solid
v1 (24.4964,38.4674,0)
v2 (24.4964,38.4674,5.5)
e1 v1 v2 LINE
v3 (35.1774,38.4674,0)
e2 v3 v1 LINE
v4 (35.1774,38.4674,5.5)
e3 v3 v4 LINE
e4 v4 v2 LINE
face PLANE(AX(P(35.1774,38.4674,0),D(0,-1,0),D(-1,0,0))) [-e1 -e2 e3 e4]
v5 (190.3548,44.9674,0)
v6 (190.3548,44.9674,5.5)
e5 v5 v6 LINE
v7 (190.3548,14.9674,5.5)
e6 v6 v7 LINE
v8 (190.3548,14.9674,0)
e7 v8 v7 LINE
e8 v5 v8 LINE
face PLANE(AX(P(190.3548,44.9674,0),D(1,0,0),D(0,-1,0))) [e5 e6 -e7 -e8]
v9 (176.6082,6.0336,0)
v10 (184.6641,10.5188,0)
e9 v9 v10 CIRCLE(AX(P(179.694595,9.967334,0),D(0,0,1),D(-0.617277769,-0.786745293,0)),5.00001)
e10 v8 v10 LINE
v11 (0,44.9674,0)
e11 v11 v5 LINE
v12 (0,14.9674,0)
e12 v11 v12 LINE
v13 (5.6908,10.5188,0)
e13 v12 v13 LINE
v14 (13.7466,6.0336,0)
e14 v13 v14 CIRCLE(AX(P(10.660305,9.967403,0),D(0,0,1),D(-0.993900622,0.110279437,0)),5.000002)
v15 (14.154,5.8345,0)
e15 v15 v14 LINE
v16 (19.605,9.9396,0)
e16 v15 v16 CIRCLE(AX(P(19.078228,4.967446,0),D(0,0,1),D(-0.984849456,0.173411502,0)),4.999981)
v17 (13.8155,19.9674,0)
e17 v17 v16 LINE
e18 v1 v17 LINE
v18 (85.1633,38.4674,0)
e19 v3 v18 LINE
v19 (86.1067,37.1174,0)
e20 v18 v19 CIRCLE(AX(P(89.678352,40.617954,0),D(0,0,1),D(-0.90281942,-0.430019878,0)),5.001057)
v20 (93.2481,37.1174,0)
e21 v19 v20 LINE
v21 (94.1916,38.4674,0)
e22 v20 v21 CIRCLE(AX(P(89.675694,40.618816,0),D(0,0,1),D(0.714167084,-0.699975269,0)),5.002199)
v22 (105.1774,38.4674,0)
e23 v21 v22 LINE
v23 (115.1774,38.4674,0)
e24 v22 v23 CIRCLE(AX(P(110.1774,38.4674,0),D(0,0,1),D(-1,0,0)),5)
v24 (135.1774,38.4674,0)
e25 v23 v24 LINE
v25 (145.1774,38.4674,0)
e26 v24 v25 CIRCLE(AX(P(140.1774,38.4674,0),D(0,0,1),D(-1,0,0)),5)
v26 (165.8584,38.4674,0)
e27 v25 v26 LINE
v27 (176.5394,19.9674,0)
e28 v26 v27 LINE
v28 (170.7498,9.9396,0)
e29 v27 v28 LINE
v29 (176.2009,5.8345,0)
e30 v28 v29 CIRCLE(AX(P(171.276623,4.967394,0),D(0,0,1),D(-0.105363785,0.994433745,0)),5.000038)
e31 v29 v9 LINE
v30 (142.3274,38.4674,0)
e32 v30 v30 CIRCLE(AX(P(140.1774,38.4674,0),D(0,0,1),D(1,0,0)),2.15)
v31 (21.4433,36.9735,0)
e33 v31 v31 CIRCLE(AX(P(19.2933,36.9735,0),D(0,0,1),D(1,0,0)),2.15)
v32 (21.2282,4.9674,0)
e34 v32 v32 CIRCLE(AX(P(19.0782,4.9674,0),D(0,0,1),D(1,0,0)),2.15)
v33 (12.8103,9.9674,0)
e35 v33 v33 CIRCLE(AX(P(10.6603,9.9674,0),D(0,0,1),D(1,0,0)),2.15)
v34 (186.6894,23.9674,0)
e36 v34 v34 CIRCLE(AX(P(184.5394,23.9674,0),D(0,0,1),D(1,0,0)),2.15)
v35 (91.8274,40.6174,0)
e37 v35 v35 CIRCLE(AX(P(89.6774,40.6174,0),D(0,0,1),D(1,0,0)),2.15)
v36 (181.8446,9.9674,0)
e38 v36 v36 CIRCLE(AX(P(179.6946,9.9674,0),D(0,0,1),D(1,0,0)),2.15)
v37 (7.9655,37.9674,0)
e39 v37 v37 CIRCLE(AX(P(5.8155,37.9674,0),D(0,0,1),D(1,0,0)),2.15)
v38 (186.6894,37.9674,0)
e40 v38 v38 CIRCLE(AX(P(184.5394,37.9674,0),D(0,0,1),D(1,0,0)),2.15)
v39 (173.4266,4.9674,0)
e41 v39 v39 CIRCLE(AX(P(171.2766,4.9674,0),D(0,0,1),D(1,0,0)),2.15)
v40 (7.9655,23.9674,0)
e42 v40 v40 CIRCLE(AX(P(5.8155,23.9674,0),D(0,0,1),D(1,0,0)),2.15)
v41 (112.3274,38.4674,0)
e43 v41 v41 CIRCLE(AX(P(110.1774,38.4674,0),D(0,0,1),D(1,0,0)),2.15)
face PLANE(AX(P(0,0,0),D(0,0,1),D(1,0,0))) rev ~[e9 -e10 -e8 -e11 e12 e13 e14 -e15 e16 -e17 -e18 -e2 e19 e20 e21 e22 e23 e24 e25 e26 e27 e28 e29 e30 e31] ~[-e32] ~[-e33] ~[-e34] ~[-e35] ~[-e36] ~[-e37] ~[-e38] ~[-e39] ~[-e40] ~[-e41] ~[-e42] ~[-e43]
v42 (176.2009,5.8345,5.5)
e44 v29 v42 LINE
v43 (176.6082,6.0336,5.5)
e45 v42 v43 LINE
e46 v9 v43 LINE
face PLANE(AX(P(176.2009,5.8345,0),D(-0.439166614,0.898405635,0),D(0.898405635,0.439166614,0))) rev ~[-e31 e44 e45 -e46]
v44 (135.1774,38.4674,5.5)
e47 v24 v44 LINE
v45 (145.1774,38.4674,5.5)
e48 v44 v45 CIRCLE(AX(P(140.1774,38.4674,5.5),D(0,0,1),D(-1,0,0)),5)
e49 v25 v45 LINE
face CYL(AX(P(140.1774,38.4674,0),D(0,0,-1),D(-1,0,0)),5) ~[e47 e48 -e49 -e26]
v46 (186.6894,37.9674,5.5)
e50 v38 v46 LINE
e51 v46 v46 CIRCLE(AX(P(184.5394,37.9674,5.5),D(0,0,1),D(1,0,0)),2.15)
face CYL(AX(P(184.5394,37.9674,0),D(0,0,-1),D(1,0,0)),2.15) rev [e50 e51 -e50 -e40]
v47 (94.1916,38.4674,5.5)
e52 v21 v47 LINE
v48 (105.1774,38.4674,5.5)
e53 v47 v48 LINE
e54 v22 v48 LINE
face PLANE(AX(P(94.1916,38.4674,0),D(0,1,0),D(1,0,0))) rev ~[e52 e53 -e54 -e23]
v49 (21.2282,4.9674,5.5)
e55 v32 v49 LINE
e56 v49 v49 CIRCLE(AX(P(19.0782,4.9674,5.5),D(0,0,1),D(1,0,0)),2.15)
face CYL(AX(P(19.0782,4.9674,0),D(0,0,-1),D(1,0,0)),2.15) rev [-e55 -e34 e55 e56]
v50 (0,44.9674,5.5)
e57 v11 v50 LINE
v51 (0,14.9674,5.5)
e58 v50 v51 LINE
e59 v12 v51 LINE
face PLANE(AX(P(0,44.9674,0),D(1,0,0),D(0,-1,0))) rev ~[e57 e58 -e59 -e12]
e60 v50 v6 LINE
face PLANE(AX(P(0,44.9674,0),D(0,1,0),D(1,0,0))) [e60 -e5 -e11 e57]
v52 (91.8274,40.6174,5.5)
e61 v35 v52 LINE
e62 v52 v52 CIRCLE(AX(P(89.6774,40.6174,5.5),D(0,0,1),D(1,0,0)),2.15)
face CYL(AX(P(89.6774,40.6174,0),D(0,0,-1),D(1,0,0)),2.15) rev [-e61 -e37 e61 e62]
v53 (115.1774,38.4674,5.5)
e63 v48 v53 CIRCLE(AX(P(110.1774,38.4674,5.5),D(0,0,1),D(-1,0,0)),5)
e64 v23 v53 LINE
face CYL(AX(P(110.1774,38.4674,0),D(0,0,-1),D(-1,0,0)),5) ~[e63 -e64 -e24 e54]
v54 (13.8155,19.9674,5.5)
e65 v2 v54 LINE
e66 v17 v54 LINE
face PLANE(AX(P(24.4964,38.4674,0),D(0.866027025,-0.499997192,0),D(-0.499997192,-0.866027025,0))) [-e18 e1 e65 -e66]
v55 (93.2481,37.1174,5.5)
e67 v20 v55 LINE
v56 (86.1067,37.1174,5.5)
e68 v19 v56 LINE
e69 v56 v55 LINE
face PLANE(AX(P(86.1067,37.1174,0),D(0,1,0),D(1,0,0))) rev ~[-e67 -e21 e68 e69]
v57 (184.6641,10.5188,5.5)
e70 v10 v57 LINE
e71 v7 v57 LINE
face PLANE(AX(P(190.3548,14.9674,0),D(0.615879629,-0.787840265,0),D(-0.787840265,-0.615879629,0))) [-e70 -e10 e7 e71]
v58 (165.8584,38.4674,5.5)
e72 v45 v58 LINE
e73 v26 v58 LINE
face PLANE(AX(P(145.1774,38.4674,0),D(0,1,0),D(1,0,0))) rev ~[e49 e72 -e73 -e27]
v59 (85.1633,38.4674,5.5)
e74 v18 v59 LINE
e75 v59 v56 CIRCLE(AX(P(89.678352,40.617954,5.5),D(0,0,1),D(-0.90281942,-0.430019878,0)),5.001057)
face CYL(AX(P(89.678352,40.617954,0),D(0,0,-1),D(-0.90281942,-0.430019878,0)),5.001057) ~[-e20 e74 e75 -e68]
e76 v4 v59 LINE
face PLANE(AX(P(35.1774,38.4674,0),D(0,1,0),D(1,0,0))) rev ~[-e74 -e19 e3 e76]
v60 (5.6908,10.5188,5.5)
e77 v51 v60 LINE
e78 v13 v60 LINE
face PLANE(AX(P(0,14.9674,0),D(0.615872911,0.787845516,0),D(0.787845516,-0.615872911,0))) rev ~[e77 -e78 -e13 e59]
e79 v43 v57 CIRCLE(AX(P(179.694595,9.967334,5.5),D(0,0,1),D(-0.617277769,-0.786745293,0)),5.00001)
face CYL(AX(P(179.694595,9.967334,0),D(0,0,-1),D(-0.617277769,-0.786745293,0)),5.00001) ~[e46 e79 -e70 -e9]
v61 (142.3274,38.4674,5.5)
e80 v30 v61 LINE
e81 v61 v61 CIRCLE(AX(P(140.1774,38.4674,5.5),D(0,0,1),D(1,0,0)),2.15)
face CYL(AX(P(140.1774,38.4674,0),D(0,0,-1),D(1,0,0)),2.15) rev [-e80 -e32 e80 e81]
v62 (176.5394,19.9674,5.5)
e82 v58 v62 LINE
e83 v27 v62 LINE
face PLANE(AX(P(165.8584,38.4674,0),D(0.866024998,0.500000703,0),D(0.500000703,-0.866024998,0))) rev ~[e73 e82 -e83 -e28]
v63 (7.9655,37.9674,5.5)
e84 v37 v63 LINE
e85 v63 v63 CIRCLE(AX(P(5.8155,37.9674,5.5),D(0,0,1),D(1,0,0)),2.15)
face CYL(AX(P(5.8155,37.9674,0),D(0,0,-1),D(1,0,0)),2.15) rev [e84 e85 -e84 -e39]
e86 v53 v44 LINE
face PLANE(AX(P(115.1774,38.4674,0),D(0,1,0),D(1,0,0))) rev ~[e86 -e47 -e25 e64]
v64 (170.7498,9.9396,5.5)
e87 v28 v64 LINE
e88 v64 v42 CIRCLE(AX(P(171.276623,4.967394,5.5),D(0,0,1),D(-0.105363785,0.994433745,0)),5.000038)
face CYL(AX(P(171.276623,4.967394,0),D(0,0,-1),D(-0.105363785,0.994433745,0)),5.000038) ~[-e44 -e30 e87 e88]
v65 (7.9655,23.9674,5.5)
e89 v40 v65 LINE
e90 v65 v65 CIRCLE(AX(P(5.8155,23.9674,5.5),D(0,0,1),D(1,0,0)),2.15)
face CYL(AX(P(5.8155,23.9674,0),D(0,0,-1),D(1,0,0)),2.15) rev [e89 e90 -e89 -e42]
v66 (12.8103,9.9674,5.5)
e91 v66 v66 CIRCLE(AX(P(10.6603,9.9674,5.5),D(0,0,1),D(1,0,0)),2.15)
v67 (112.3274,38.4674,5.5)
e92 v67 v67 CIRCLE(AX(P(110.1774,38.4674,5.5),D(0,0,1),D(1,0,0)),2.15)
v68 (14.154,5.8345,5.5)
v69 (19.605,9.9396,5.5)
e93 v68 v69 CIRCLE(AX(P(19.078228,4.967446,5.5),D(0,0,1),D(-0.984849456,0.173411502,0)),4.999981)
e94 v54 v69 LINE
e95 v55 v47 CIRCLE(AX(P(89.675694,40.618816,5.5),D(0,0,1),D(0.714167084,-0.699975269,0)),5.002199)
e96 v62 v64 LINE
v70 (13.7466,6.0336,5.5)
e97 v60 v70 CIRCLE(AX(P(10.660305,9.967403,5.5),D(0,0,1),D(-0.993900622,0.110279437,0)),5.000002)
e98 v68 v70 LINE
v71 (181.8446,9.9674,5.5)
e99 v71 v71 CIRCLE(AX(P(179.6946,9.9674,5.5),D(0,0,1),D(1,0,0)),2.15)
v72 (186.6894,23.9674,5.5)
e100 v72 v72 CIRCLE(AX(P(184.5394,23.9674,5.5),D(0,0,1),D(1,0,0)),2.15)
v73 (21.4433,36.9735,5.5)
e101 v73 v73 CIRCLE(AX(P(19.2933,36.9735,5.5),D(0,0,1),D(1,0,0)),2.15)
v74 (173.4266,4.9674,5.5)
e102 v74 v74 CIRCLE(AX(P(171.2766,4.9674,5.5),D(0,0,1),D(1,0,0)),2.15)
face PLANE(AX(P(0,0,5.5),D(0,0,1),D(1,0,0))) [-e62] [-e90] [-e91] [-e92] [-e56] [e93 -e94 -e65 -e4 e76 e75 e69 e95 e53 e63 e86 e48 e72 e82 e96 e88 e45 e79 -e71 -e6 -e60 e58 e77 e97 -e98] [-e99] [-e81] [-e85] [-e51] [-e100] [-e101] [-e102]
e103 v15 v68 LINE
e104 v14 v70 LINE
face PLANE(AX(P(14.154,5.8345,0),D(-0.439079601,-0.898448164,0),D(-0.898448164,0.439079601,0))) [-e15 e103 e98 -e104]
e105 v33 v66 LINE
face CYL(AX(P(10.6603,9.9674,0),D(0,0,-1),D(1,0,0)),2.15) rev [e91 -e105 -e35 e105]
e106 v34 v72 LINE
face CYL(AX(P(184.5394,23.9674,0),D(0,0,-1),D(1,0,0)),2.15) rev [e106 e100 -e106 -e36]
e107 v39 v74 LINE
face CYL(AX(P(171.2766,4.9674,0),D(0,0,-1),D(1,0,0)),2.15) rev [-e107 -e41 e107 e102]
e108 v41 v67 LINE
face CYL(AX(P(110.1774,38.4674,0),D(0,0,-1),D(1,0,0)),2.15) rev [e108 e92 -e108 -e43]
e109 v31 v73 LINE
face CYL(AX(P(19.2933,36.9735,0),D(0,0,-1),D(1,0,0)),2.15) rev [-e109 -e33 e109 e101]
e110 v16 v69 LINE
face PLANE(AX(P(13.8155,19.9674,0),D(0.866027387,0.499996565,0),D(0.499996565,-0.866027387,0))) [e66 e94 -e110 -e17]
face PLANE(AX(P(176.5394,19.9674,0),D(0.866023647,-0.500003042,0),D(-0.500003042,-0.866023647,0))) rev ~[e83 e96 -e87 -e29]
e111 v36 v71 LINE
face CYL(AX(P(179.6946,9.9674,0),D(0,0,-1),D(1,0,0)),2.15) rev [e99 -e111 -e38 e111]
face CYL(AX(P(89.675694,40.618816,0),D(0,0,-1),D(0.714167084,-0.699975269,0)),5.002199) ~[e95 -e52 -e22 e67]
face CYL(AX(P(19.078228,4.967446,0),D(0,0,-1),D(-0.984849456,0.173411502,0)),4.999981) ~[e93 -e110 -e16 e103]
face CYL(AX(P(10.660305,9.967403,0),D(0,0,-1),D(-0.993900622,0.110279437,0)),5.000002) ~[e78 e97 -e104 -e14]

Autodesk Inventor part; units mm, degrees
ref_plane "YZ Plane" through (0, 0, 0) normal (1, 0, 0) x (0, 1, 0)
ref_plane "XZ Plane" through (0, 0, 0) normal (0, 1, 0) x (-1, 0, 0)
ref_plane "XY Plane" through (0, 0, 0) normal (0, 0, 1) x (1, 0, 0)
sketch "スケッチ1" plane through (0, 0, 0) normal (0, 0, 1) x (1, 0, 0)
  line L0 (176.2009, 5.8345) -> (176.6082, 6.0336)
  arc A0 (176.6082, 6.0336) -> (184.6641, 10.5188) centre (179.6946, 9.9674) ccw
  line L1 (190.3548, 14.9674) -> (184.6641, 10.5188)
  line L2 (35.1774, 38.4674) -> (24.4964, 38.4674)
  line L3 (24.4964, 38.4674) -> (13.8155, 19.9674)
  line L4 (13.8155, 19.9674) -> (19.605, 9.9396)
  line L5 (165.8584, 38.4674) -> (176.5394, 19.9674)
  line L6 (176.5394, 19.9674) -> (170.7498, 9.9396)
  circle A1 centre (179.6946, 9.9674) radius 2.15
  line L7 (190.3548, 44.9674) -> (190.3548, 14.9674)
  line L8 (14.154, 5.8345) -> (13.7466, 6.0336)
  arc A2 (5.6908, 10.5188) -> (13.7466, 6.0336) centre (10.6603, 9.9674) ccw
  line L9 (0, 14.9674) -> (5.6908, 10.5188)
  circle A3 centre (10.6603, 9.9674) radius 2.15
  line L10 (0, 44.9674) -> (0, 14.9674)
  line L11 (35.1774, 38.4674) -> (85.1633, 38.4674)
  line L12 (94.1916, 38.4674) -> (105.1774, 38.4674)
  line L13 (115.1774, 38.4674) -> (135.1774, 38.4674)
  line L14 (145.1774, 38.4674) -> (165.8584, 38.4674)
  line L15 (0, 44.9674) -> (190.3548, 44.9674)
  circle A4 centre (89.6774, 40.6174) radius 2.15
  arc A5 (93.2481, 37.1174) -> (94.1916, 38.4674) centre (89.6774, 40.6174) ccw
  arc A6 (85.1633, 38.4674) -> (86.1067, 37.1174) centre (89.6774, 40.6174) ccw
  circle A7 centre (110.1774, 38.4674) radius 2.15
  arc A8 (105.1774, 38.4674) -> (115.1774, 38.4674) centre (110.1774, 38.4674) ccw
  circle A9 centre (140.1774, 38.4674) radius 2.15
  arc A10 (135.1774, 38.4674) -> (145.1774, 38.4674) centre (140.1774, 38.4674) ccw
  circle A11 centre (171.2766, 4.9674) radius 2.15
  arc A12 (170.7498, 9.9396) -> (176.2009, 5.8345) centre (171.2766, 4.9674) ccw
  circle A13 centre (19.0782, 4.9674) radius 2.15
  arc A14 (14.154, 5.8345) -> (19.605, 9.9396) centre (19.0782, 4.9674) ccw
  line L16 (86.1067, 37.1174) -> (93.2481, 37.1174)
  circle A15 centre (19.2933, 36.9735) radius 2.15
  circle A16 centre (5.8155, 23.9674) radius 2.15
  circle A17 centre (5.8155, 37.9674) radius 2.15
  circle A18 centre (184.5394, 23.9674) radius 2.15
  circle A19 centre (184.5394, 37.9674) radius 2.15
  line L17 (0, 44.9674) -> (190.3548, 44.9674)
  line L18 (190.3548, 44.9674) -> (190.3548, 14.9674)
  line L19 (0, 14.9674) -> (0, 44.9674)
  line L20 (184.6641, 10.5188) -> (190.3548, 14.9674)
  line L21 (0, 14.9674) -> (5.6908, 10.5188)
  line L22 (13.8155, 19.9674) -> (24.4964, 38.4674)
  line L23 (85.1633, 38.4674) -> (24.4964, 38.4674)
  line L24 (115.1774, 38.4674) -> (135.1774, 38.4674)
  line L25 (145.1774, 38.4674) -> (165.8584, 38.4674)
  line L26 (170.7498, 9.9396) -> (176.5394, 19.9674)
  line L27 (19.605, 9.9396) -> (13.8155, 19.9674)
  line L28 (13.7466, 6.0336) -> (14.154, 5.8345)
  line L29 (176.6082, 6.0336) -> (176.2009, 5.8345)
  arc A20 (5.6908, 10.5188) -> (13.7466, 6.0336) centre (10.6603, 9.9674) ccw
  arc A21 (14.154, 5.8345) -> (19.605, 9.9396) centre (19.0782, 4.9674) ccw
  arc A22 (170.7498, 9.9396) -> (176.2009, 5.8345) centre (171.2766, 4.9674) ccw
  arc A23 (176.6082, 6.0336) -> (184.6641, 10.5188) centre (179.6946, 9.9674) ccw
  arc A24 (135.1774, 38.4674) -> (145.1774, 38.4674) centre (140.1774, 38.4674) ccw
  arc A25 (105.1774, 38.4674) -> (115.1774, 38.4674) centre (110.1774, 38.4674) ccw
  arc A26 (93.2481, 37.1174) -> (94.1916, 38.4674) centre (89.6774, 40.6174) ccw
  arc A27 (85.1633, 38.4674) -> (86.1067, 37.1174) centre (89.6774, 40.6174) ccw
  line L30 (86.1067, 37.1174) -> (93.2481, 37.1174)
  circle A28 centre (5.8155, 37.9674) radius 2.15
  circle A29 centre (19.2933, 36.9735) radius 2.15
  circle A30 centre (5.8155, 23.9674) radius 2.15
  circle A31 centre (10.6603, 9.9674) radius 2.15
  circle A32 centre (19.0782, 4.9674) radius 2.15
  circle A33 centre (89.6774, 40.6174) radius 2.15
  circle A34 centre (110.1774, 38.4674) radius 2.15
  circle A35 centre (140.1774, 38.4674) radius 2.15
  circle A36 centre (184.5394, 37.9674) radius 2.15
  circle A37 centre (184.5394, 23.9674) radius 2.15
  circle A38 centre (179.6946, 9.9674) radius 2.15
  circle A39 centre (171.2766, 4.9674) radius 2.15
  line L31 (0, 44.9674) -> (190.3548, 44.9674)
  line L32 (190.3548, 44.9674) -> (190.3548, 14.9674)
  line L33 (190.3548, 14.9674) -> (184.6641, 10.5188)
  line L34 (0, 44.9674) -> (0, 14.9674)
  line L35 (5.6908, 10.5188) -> (0, 14.9674)
  line L36 (24.4964, 38.4674) -> (13.8155, 19.9674)
  line L37 (19.605, 9.9396) -> (13.8155, 19.9674)
  line L38 (24.4964, 38.4674) -> (85.1633, 38.4674)
  line L39 (94.1916, 38.4674) -> (105.1774, 38.4674)
  line L40 (115.1774, 38.4674) -> (135.1774, 38.4674)
  line L41 (145.1774, 38.4674) -> (165.8584, 38.4674)
  line L42 (165.8584, 38.4674) -> (176.5394, 19.9674)
  line L43 (176.5394, 19.9674) -> (170.7498, 9.9396)
  point P0 (0, 0)
sketch "スケッチ2" plane through (0, 0, 0) normal (0, 0, 1) x (1, 0, 0)
  point P0 (0, 0)
extrude "押し出し1" add sketch "スケッチ1" along normal blind 5.5
properties part number "2-4枚目" material "MDF 中密度繊維ボード"
